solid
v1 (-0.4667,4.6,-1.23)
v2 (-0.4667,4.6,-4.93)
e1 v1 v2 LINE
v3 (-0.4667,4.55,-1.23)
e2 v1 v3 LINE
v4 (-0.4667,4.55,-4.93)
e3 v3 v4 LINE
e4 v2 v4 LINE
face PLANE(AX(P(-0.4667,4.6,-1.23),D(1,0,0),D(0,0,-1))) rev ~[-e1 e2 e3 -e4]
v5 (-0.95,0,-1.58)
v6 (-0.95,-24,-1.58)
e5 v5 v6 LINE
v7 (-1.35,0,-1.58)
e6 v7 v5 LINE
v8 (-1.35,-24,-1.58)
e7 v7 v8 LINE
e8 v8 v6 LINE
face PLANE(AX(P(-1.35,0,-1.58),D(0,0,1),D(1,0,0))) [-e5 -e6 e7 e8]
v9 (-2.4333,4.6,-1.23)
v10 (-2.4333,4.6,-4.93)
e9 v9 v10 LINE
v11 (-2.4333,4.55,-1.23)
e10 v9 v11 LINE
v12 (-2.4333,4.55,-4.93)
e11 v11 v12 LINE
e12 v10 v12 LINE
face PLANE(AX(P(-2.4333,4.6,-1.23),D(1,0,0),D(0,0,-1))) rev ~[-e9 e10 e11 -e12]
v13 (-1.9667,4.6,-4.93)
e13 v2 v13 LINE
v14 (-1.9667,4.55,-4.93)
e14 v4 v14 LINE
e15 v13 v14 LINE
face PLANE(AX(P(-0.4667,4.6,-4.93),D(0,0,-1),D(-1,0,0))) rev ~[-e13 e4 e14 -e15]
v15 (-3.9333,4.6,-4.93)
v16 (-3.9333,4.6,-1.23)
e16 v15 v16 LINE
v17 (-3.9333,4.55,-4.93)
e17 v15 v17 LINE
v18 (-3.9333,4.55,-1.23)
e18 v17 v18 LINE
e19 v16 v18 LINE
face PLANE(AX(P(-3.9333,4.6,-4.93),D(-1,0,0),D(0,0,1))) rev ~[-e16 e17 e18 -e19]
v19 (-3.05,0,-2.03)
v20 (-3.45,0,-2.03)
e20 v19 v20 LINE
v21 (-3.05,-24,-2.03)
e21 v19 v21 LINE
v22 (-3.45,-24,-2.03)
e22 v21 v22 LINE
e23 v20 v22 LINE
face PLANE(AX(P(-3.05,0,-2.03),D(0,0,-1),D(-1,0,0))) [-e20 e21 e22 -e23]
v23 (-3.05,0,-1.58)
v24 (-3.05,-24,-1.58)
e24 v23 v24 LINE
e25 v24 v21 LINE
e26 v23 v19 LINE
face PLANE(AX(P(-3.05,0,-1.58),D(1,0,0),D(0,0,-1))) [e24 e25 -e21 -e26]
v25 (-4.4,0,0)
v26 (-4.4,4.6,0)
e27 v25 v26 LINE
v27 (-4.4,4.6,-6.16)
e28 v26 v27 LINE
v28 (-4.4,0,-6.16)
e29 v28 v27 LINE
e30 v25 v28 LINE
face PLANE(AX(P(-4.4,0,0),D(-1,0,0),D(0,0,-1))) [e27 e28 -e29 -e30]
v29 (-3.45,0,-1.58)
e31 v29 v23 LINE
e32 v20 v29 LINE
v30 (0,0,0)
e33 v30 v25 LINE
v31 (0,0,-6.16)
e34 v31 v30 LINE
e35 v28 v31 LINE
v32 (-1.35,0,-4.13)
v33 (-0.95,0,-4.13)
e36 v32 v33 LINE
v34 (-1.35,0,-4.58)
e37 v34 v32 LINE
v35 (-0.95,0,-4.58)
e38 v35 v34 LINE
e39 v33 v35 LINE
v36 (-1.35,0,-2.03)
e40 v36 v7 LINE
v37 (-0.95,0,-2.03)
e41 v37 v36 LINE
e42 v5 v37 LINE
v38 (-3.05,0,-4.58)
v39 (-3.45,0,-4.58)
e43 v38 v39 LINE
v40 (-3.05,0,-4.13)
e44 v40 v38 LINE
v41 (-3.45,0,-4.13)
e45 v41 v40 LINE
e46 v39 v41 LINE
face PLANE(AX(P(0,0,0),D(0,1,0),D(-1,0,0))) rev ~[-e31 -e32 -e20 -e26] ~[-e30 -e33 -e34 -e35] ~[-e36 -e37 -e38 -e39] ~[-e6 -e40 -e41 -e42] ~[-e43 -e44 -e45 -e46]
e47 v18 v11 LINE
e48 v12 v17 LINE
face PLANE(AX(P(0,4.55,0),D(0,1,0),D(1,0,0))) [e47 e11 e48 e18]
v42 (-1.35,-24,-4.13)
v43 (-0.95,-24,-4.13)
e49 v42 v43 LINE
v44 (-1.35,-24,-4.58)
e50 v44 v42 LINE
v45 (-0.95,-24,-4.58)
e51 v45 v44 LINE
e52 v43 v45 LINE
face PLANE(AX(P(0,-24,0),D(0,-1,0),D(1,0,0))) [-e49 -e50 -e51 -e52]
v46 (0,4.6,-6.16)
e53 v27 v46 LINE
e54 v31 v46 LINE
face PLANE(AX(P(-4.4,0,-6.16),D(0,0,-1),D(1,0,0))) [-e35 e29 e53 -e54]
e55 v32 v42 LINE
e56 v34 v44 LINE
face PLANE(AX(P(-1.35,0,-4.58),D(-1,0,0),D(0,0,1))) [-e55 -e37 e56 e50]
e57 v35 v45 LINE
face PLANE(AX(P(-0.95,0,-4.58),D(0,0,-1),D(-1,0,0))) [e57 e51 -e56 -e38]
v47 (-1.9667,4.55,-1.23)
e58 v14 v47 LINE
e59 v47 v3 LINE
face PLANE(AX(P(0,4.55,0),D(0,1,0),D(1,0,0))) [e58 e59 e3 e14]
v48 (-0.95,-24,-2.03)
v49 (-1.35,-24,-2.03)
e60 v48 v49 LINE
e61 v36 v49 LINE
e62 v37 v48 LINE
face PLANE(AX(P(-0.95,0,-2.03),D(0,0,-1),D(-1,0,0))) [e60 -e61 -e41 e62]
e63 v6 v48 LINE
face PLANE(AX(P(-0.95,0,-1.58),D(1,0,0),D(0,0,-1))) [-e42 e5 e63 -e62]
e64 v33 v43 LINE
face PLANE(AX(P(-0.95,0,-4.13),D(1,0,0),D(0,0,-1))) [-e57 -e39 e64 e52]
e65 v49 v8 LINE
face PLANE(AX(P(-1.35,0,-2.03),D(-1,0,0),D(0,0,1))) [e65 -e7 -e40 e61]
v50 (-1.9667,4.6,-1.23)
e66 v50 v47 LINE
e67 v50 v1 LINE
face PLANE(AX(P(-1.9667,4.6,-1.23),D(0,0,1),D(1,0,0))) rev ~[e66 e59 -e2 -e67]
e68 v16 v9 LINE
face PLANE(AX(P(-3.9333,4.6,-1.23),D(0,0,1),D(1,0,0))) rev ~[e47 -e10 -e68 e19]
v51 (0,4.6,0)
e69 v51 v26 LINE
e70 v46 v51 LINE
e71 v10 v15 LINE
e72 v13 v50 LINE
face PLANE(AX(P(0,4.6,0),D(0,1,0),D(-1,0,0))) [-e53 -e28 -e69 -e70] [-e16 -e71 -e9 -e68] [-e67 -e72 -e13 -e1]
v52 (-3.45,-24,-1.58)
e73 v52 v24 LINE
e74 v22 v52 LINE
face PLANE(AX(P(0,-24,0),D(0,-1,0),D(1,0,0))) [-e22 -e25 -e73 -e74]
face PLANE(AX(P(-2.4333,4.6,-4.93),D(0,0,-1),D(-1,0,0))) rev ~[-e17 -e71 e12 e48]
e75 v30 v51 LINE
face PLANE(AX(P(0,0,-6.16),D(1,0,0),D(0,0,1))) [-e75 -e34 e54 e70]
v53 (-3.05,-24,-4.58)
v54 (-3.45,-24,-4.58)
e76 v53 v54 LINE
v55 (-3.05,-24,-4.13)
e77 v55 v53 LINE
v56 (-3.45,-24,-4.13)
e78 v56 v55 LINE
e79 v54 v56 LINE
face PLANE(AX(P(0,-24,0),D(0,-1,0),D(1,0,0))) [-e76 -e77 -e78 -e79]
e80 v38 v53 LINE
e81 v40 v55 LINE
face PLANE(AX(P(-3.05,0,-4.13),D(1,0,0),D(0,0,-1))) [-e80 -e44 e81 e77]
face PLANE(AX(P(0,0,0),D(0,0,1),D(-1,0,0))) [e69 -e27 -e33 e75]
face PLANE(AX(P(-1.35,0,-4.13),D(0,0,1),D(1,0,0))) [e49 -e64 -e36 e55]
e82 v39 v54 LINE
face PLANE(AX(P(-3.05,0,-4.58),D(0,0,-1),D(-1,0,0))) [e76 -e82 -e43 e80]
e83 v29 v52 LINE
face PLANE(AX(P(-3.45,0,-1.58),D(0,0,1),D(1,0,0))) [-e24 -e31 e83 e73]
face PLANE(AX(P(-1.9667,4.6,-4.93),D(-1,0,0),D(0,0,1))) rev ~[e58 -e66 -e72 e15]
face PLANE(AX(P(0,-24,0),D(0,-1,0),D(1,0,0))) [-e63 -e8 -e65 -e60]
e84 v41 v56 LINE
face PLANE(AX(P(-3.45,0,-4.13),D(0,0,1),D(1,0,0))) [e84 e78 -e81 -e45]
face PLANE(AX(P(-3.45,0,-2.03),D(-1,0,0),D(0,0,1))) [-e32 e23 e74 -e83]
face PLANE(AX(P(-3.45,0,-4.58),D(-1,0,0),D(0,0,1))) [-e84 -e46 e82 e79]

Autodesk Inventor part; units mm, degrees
ref_plane "YZ Plane" through (0, 0, 0) normal (1, 0, 0) x (0, 1, 0)
ref_plane "XZ Plane" through (0, 0, 0) normal (0, 1, 0) x (-1, 0, 0)
ref_plane "XY Plane" through (0, 0, 0) normal (0, 0, 1) x (1, 0, 0)
sketch "Sketch1" plane through (0, 0, 0) normal (0, 1, 0) x (-1, 0, 0)
  line L0 (0, 0) -> (4.4, 0)
  line L1 (4.4, 0) -> (4.4, -6.16)
  line L2 (4.4, -6.16) -> (0, -6.16)
  line L3 (0, -6.16) -> (0, 0)
  dimension "d0" = 6.16
  dimension "d1" = 4.4
extrude "Extrusion1" add sketch "Sketch1" along normal blind 4.6
sketch "Sketch2" plane through (0, 4.6, 0) normal (0, 1, 0) x (1, 0, 0)
  line L0 (-3.9333, 1.23) -> (-2.4333, 1.23)
  line L1 (-2.4333, 1.23) -> (-2.4333, 4.93)
  line L2 (-2.4333, 4.93) -> (-3.9333, 4.93)
  line L3 (-3.9333, 4.93) -> (-3.9333, 1.23)
  line L4 (-1.9667, 1.23) -> (-0.4667, 1.23)
  line L5 (-0.4667, 1.23) -> (-0.4667, 4.93)
  line L6 (-0.4667, 4.93) -> (-1.9667, 4.93)
  line L7 (-1.9667, 4.93) -> (-1.9667, 1.23)
  line L8 (-4.4, 0) -> (0, 0) projected
  line L9 (0, 0) -> (0, 6.16) projected
  line L10 (0, 6.16) -> (-4.4, 6.16) projected
  line L11 (-4.4, 6.16) -> (-4.4, 0) projected
  dimension "d4" = 3.7
  dimension "d5" = 1.5
  dimension "d6" = 4.4
  dimension "d7" = 0.4667
  dimension "d8" = 0.4667
  dimension "d9" = 6.16
  dimension "d10" = 1.23
extrude "Extrusion2" cut sketch "Sketch2" against normal blind 0.05 contours L3 L2 L1 L0 | L7 L6 L5 L4
sketch "Sketch4" plane through (0, 0, 0) normal (0, -1, 0) x (1, 0, 0)
  line L0 (-3.45, -1.58) -> (-3.05, -1.58)
  line L1 (-3.05, -1.58) -> (-3.05, -2.03)
  line L2 (-3.05, -2.03) -> (-3.45, -2.03)
  line L3 (-3.45, -2.03) -> (-3.45, -1.58)
  line L4 (-1.35, -1.58) -> (-0.95, -1.58)
  line L5 (-0.95, -1.58) -> (-0.95, -2.03)
  line L6 (-0.95, -2.03) -> (-1.35, -2.03)
  line L7 (-1.35, -2.03) -> (-1.35, -1.58)
  line L8 (-3.45, -4.13) -> (-3.05, -4.13)
  line L9 (-3.05, -4.13) -> (-3.05, -4.58)
  line L10 (-3.05, -4.58) -> (-3.45, -4.58)
  line L11 (-3.45, -4.58) -> (-3.45, -4.13)
  line L12 (-1.35, -4.13) -> (-0.95, -4.13)
  line L13 (-0.95, -4.13) -> (-0.95, -4.58)
  line L14 (-0.95, -4.58) -> (-1.35, -4.58)
  line L15 (-1.35, -4.58) -> (-1.35, -4.13)
  line L16 (0, 0) -> (-4.4, 0) projected
  line L17 (-4.4, 0) -> (-4.4, -6.16) projected
  line L18 (-4.4, -6.16) -> (0, -6.16) projected
  line L19 (0, -6.16) -> (0, 0) projected
  dimension "d13" = 0.45
  dimension "d14" = 0.4
  dimension "d15" = 2.5
  dimension "d16" = 3
  dimension "d17" = 4.4
  dimension "d18" = 6.16
  dimension "d19" = 1.58
  dimension "d20" = 0.95
extrude "Extrusion3" add sketch "Sketch4" along normal blind 24 contours L0 L1 L2 L3 | L4 L5 L6 L7 | L8 L9 L10 L11 | L12 L13 L14 L15
equation "\"d7\" = -0.666667 * d5 + 0.333333 * d6"
equation "\"d8\" = d7"
equation "\"d10\" = -0.5 * d4 + 0.5 * d9"
equation "\"d19\" = -0.5 * d16 + 0.5 * d18"
equation "\"d20\" = -0.5 * d15 + 0.5 * d17"
properties part number "LineSensor"
